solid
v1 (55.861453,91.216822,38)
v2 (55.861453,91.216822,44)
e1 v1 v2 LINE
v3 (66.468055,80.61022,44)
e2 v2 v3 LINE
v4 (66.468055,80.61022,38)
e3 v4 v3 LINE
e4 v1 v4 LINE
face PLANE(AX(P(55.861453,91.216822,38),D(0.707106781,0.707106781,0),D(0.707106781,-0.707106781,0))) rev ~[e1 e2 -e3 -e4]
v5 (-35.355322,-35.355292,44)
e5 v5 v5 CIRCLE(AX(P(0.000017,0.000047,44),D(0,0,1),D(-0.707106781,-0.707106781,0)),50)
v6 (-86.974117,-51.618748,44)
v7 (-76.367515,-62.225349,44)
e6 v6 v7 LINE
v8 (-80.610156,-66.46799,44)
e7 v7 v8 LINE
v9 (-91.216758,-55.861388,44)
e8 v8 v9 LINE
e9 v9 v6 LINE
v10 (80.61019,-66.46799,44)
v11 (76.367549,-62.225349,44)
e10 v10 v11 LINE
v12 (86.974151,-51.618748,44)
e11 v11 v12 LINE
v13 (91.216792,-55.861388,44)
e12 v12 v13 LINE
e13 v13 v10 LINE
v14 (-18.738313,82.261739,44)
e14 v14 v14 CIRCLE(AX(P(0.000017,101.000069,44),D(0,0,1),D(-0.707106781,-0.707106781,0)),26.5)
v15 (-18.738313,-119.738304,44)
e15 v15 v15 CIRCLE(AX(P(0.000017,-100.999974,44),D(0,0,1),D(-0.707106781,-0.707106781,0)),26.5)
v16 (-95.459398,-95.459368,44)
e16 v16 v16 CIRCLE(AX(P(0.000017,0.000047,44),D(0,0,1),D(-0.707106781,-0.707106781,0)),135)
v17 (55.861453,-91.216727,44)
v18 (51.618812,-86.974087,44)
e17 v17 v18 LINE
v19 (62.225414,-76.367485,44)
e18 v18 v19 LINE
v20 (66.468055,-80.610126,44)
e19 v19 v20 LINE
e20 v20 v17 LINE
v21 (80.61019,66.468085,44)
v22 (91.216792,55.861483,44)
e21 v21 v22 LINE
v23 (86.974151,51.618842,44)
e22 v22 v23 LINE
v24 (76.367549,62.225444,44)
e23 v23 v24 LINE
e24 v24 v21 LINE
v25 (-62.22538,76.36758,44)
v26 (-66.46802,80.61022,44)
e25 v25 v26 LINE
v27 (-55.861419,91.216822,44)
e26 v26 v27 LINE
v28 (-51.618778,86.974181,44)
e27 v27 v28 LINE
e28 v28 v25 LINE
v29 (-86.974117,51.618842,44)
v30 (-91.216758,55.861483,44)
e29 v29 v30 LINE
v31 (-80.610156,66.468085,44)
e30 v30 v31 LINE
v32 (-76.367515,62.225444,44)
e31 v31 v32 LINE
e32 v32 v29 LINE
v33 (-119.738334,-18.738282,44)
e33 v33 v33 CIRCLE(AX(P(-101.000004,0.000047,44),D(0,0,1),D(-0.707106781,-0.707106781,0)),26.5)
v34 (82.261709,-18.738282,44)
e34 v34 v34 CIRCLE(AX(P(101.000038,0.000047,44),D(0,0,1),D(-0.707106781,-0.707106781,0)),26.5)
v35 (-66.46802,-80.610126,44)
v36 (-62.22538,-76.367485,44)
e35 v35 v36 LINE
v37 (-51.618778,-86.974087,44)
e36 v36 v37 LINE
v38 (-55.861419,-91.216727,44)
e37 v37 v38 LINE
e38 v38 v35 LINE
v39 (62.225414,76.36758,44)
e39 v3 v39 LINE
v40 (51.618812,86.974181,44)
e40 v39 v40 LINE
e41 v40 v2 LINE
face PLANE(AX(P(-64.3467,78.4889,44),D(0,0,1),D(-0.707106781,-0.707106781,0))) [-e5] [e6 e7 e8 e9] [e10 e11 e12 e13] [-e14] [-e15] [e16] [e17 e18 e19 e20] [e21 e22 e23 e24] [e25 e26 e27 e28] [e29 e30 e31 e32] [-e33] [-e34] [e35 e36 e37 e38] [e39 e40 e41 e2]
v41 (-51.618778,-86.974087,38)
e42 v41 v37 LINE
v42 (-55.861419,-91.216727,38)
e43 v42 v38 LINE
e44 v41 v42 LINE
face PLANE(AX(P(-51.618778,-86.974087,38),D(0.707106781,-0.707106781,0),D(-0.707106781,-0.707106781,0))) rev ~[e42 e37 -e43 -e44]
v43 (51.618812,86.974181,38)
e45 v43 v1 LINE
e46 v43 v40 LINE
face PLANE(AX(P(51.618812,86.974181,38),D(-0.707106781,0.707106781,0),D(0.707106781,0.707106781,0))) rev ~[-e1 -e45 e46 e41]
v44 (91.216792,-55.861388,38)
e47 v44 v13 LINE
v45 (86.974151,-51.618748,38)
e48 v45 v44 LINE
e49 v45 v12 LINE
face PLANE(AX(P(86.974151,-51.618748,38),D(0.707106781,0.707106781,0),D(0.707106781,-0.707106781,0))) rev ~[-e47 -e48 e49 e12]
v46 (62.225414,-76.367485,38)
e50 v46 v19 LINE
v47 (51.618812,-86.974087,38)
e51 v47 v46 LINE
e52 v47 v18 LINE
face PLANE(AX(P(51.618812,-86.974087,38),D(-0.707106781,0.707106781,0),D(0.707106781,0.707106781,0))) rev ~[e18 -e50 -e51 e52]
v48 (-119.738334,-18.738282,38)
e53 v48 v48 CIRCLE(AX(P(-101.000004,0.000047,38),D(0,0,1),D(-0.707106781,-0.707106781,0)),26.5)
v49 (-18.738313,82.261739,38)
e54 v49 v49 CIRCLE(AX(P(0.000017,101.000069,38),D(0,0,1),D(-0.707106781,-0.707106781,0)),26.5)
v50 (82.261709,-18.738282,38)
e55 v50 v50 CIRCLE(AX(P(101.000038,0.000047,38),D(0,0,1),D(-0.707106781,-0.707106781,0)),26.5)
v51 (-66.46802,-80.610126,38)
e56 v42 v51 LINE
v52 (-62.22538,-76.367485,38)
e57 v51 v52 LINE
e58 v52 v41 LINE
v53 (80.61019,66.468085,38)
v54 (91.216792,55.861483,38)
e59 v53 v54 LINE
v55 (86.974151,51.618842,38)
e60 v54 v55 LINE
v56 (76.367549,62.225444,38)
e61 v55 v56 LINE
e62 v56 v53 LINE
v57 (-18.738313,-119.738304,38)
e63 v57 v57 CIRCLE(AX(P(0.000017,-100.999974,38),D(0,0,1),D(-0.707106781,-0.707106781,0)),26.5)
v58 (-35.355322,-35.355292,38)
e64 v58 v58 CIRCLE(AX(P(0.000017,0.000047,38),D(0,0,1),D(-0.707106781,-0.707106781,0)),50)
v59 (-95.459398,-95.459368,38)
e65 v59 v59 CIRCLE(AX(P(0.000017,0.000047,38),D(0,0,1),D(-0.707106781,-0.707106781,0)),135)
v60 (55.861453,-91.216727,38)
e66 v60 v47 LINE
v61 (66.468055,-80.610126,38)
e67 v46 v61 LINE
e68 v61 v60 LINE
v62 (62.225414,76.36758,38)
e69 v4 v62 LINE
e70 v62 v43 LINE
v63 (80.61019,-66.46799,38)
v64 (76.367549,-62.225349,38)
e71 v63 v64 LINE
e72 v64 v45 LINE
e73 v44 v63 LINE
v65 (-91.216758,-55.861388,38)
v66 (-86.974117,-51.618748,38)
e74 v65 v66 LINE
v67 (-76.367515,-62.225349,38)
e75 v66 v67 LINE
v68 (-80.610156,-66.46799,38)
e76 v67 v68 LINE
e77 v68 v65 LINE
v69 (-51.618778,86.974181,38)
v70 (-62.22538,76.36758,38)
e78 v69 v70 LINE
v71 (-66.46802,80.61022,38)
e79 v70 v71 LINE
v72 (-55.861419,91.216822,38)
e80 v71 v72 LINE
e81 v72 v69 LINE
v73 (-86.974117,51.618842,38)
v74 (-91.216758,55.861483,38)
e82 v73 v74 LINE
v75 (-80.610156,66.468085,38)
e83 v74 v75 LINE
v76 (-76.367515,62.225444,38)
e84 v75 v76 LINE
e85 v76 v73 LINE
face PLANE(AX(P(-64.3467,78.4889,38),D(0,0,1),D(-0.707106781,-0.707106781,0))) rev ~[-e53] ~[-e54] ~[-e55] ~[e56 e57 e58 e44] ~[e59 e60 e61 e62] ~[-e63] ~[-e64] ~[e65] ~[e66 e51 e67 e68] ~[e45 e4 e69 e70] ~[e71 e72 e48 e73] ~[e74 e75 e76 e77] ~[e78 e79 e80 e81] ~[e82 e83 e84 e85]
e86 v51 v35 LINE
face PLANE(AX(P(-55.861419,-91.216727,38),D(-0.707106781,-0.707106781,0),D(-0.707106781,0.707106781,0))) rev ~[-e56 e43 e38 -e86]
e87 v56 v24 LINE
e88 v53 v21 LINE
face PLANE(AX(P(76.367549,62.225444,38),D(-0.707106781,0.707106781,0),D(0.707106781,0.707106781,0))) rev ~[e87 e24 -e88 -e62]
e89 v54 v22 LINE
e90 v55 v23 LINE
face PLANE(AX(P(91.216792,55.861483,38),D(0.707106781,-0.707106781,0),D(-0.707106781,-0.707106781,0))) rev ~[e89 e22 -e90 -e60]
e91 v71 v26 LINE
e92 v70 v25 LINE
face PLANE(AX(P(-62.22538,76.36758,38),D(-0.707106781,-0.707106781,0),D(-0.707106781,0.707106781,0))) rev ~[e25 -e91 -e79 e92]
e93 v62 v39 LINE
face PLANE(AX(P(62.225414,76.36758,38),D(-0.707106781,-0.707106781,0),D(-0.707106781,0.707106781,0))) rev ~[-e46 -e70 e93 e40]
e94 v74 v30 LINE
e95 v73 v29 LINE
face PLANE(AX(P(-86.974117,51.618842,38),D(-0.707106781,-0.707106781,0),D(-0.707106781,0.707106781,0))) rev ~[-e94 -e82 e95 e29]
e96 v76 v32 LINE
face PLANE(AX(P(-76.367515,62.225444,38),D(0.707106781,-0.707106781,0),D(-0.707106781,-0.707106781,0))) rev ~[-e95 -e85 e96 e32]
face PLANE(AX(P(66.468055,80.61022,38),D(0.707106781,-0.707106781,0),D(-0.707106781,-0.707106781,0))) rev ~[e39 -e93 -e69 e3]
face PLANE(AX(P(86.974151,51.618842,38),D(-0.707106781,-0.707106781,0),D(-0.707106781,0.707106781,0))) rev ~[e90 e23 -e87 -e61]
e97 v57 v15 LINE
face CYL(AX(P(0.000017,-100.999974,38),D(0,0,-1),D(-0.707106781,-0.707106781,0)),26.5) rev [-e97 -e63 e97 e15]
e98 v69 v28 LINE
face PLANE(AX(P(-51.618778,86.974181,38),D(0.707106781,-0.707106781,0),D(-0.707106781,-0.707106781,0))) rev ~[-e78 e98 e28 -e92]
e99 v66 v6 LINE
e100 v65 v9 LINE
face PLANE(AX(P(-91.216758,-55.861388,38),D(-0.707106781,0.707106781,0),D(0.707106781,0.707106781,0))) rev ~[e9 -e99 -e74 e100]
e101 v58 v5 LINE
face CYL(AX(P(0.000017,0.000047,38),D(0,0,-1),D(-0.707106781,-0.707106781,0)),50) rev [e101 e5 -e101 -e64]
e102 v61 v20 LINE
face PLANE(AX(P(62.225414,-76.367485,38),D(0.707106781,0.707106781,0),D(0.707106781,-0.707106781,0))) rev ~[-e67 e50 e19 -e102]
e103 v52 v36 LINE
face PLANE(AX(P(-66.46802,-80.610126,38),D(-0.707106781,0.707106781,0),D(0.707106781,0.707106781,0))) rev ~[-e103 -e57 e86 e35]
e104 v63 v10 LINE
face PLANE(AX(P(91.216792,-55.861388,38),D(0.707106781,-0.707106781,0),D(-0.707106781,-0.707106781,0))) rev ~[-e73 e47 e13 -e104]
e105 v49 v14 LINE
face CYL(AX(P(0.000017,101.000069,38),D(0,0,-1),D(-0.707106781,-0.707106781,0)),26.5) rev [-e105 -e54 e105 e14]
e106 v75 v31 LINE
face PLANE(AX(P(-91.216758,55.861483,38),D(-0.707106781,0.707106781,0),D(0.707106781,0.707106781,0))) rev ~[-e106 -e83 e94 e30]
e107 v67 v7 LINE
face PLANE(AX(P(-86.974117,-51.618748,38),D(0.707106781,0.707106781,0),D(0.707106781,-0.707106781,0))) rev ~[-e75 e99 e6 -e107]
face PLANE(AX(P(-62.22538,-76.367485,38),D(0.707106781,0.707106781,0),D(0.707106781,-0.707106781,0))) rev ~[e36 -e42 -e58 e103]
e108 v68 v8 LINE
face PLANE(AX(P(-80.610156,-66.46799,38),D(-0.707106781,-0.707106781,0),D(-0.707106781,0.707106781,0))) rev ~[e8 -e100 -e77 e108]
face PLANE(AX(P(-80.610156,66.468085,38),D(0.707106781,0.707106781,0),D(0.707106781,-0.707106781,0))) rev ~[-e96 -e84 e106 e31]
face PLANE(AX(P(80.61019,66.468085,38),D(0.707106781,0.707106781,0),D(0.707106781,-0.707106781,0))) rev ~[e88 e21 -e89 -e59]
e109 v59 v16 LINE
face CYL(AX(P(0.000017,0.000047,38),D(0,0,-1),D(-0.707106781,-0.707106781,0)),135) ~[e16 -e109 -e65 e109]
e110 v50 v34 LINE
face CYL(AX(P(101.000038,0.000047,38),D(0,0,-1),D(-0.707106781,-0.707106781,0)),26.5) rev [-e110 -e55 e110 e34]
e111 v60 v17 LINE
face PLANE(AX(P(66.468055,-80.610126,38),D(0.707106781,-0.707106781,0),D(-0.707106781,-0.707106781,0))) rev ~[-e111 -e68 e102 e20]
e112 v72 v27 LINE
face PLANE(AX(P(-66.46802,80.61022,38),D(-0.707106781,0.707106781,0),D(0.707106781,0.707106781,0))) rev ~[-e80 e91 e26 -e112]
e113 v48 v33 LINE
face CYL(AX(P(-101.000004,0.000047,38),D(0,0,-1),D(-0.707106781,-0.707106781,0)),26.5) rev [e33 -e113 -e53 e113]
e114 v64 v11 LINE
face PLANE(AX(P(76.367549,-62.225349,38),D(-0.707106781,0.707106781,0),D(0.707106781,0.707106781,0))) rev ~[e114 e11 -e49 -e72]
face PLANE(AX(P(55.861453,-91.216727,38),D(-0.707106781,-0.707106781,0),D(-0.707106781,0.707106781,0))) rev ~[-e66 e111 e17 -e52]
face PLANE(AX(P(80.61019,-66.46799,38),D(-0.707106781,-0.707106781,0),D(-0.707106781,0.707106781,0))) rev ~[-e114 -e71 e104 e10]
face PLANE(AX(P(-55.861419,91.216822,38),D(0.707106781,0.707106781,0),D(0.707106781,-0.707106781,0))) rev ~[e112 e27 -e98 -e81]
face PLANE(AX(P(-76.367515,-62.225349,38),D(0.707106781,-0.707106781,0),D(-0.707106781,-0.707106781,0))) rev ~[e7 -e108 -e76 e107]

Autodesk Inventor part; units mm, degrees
ref_plane "YZ Plane" through (0, 0, 0) normal (1, 0, 0) x (0, 1, 0)
ref_plane "XZ Plane" through (0, 0, 0) normal (0, 1, 0) x (-1, 0, 0)
ref_plane "XY Plane" through (0, 0, 0) normal (0, 0, 1) x (1, 0, 0)
ref_plane "РабПлоскость1" through (-64.3467, 78.4889, 38) normal (0, 0, 1) x (-0.7071, -0.7071, 0)
sketch "Эскиз1" plane through (-64.3467, 78.4889, 38) normal (0, 0, 1) x (-0.7071, -0.7071, 0)
  circle A0 centre (10, 101) radius 135 projected
  line L0 (35, 205) -> (35, 199) projected
  line L1 (35, 199) -> (20, 199) projected
  line L2 (20, 199) -> (20, 205) projected
  line L3 (20, 205) -> (35, 205) projected
  line L4 (-15, 205) -> (0, 205) projected
  line L5 (0, 205) -> (0, 199) projected
  line L6 (0, 199) -> (-15, 199) projected
  line L7 (-15, 199) -> (-15, 205) projected
  line L8 (114, 76) -> (108, 76) projected
  line L9 (108, 76) -> (108, 91) projected
  line L10 (108, 91) -> (114, 91) projected
  line L11 (114, 91) -> (114, 76) projected
  line L12 (114, 126) -> (114, 111) projected
  line L13 (114, 111) -> (108, 111) projected
  line L14 (108, 111) -> (108, 126) projected
  line L15 (108, 126) -> (114, 126) projected
  line L16 (-15, -3) -> (-15, 3) projected
  line L17 (-15, 3) -> (0, 3) projected
  line L18 (0, 3) -> (0, -3) projected
  line L19 (0, -3) -> (-15, -3) projected
  line L20 (35, -3) -> (20, -3) projected
  line L21 (20, -3) -> (20, 3) projected
  line L22 (20, 3) -> (35, 3) projected
  line L23 (35, 3) -> (35, -3) projected
  line L24 (-88, 111) -> (-94, 111) projected
  line L25 (-94, 111) -> (-94, 126) projected
  line L26 (-94, 126) -> (-88, 126) projected
  line L27 (-88, 126) -> (-88, 111) projected
  line L28 (-94, 91) -> (-88, 91) projected
  line L29 (-88, 91) -> (-88, 76) projected
  line L30 (-88, 76) -> (-94, 76) projected
  line L31 (-94, 76) -> (-94, 91) projected
  circle A1 centre (10, 101) radius 50 projected
  circle A2 centre (10, 101) radius 135 projected
  circle A3 centre (81.4178, 29.5822) radius 26.5 projected
  circle A4 centre (-61.4178, 29.5822) radius 26.5 projected
  circle A5 centre (-61.4178, 172.4178) radius 26.5 projected
  circle A6 centre (81.4178, 172.4178) radius 26.5 projected
  point P0 (10, 101)
extrude "Выдавливание1" add sketch "Эскиз1" along normal blind 6
properties part number "Диск_верхний_В5" material "По умолчанию1"
